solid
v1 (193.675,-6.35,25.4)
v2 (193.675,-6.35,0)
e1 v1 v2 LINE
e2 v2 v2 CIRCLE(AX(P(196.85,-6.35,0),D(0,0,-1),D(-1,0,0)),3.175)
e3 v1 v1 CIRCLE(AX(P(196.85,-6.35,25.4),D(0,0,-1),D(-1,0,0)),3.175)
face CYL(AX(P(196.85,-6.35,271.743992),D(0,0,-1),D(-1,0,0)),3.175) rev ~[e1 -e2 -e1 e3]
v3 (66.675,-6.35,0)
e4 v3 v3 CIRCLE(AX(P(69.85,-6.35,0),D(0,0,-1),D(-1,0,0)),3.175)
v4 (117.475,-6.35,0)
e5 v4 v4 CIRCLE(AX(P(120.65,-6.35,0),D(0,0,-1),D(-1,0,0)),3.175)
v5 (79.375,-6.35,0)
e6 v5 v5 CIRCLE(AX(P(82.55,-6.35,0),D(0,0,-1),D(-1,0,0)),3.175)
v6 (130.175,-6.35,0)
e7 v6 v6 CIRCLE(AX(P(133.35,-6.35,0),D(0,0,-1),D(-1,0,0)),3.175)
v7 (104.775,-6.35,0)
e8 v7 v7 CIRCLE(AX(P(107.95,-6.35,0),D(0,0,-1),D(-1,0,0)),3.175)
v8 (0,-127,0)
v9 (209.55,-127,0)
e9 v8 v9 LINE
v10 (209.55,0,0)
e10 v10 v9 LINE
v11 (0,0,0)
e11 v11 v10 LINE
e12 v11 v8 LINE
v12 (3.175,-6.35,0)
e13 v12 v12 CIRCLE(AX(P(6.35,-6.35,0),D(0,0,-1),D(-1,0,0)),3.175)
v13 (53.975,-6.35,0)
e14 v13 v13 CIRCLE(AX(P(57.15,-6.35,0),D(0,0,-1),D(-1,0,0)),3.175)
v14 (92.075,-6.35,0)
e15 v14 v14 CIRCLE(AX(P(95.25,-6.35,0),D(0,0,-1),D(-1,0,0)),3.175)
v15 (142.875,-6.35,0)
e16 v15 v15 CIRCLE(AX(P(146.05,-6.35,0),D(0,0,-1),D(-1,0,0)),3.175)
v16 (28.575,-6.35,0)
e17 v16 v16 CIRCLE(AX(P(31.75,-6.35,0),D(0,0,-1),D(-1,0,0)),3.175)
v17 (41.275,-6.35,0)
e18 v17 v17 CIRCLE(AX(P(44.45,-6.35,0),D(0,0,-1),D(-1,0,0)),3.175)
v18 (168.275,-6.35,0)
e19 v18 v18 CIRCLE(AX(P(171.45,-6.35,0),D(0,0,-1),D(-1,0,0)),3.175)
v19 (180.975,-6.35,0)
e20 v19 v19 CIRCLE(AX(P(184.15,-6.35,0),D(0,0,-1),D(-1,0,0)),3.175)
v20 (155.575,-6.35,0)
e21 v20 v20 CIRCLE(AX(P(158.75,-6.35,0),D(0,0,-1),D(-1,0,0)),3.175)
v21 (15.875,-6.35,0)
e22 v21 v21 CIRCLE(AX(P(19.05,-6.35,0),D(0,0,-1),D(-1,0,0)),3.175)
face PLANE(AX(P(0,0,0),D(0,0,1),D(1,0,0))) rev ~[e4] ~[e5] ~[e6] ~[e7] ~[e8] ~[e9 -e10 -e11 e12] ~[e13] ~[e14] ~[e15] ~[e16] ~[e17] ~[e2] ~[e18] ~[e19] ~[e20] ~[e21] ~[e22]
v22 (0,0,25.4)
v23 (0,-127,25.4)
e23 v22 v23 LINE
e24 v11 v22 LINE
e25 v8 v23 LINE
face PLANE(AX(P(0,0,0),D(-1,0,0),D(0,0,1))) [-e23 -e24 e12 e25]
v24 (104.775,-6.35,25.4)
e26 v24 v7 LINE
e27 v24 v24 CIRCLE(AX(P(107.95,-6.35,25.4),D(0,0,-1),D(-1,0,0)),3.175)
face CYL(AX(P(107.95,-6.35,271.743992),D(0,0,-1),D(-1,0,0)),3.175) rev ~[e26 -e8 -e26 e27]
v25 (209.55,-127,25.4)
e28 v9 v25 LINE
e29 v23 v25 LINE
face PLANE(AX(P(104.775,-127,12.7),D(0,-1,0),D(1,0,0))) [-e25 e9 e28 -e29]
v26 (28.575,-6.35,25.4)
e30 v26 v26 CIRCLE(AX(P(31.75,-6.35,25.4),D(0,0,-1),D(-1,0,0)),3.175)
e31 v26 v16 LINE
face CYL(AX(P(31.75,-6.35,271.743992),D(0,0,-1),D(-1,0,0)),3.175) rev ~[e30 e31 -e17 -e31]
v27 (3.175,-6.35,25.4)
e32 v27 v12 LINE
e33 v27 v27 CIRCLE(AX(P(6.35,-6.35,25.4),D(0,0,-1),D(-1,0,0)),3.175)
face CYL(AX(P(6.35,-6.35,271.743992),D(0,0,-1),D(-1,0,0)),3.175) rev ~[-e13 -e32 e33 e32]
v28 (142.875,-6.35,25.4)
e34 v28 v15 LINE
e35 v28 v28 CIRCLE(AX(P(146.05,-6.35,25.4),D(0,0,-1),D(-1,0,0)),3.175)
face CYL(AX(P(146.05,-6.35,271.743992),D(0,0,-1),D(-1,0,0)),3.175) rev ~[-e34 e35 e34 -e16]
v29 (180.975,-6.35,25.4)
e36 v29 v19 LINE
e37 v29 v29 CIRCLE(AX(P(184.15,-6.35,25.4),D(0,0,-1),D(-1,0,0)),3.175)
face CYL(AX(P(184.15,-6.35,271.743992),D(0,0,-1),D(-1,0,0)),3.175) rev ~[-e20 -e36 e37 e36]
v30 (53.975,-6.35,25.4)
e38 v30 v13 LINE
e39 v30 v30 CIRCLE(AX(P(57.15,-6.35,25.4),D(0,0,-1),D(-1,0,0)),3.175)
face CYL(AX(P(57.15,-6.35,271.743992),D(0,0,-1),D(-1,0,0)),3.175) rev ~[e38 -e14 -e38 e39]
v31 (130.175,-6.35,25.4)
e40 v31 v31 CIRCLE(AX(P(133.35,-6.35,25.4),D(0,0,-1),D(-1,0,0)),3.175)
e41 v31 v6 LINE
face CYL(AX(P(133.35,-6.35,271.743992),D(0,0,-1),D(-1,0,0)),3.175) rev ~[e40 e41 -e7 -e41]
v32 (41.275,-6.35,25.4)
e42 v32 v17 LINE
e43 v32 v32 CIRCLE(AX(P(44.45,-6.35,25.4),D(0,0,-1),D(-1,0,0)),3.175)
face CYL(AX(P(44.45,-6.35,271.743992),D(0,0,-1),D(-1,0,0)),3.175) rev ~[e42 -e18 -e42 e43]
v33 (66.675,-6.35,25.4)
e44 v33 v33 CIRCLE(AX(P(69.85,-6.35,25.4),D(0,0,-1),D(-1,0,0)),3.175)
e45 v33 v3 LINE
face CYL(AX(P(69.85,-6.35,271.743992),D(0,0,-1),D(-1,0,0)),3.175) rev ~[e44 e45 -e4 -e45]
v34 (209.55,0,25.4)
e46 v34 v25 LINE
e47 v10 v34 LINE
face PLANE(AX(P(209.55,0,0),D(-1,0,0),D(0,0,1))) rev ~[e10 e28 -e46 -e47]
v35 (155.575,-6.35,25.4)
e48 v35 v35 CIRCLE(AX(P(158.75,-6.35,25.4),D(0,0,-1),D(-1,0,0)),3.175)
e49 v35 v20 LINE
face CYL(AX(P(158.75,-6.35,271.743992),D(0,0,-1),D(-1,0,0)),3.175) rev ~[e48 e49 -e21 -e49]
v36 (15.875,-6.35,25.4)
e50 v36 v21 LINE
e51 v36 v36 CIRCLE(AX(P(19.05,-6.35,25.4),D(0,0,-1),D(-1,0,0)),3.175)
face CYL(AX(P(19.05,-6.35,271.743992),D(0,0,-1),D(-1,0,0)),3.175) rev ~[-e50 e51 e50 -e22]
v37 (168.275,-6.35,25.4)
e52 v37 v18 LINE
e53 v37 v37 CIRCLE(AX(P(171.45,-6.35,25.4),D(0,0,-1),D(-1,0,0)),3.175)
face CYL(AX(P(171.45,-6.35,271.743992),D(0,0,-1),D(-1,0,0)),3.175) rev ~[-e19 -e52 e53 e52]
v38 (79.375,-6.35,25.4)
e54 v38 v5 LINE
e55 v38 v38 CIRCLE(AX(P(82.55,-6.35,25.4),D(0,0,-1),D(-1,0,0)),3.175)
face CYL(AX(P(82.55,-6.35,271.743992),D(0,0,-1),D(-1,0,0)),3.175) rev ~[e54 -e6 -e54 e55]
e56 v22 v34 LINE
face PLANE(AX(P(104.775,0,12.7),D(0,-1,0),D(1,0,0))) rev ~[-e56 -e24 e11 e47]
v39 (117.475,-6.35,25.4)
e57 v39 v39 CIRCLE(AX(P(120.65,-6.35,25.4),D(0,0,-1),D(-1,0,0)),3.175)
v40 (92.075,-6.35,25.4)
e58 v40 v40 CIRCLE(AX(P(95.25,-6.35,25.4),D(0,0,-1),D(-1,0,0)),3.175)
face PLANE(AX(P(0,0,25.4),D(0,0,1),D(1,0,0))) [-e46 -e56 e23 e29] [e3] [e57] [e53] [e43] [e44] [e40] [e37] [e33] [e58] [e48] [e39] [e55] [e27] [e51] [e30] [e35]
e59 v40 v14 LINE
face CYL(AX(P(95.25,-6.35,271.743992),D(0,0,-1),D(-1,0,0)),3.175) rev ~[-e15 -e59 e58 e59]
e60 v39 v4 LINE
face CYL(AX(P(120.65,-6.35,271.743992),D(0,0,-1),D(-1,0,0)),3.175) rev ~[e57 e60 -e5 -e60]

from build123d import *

# Parameters (mm, degrees)
F0_W     = 209.55
F0_H     = 25.4
F1_DEPTH = 127
F3_D     = 6.35


with BuildPart() as f1:
    # F0 (on Front) → F1 (new body)
    with BuildSketch(Plane.XZ):
        with Locations((104.775, 12.7)):
            Rectangle(F0_W, F0_H)
    extrude(amount=F1_DEPTH)

    # F3 (through all)
    with Locations(Plane.XY.offset(25.4)):
        with Locations((6.35, -6.35), (19.05, -6.35), (31.75, -6.35), (44.45, -6.35), (57.15, -6.35), (69.85, -6.35), (82.55, -6.35), (95.25, -6.35), (107.95, -6.35), (120.65, -6.35), (133.35, -6.35), (146.05, -6.35), (158.75, -6.35), (171.45, -6.35), (184.15, -6.35), (196.85, -6.35)):
            Hole(F3_D / 2)


solid = f1.part
